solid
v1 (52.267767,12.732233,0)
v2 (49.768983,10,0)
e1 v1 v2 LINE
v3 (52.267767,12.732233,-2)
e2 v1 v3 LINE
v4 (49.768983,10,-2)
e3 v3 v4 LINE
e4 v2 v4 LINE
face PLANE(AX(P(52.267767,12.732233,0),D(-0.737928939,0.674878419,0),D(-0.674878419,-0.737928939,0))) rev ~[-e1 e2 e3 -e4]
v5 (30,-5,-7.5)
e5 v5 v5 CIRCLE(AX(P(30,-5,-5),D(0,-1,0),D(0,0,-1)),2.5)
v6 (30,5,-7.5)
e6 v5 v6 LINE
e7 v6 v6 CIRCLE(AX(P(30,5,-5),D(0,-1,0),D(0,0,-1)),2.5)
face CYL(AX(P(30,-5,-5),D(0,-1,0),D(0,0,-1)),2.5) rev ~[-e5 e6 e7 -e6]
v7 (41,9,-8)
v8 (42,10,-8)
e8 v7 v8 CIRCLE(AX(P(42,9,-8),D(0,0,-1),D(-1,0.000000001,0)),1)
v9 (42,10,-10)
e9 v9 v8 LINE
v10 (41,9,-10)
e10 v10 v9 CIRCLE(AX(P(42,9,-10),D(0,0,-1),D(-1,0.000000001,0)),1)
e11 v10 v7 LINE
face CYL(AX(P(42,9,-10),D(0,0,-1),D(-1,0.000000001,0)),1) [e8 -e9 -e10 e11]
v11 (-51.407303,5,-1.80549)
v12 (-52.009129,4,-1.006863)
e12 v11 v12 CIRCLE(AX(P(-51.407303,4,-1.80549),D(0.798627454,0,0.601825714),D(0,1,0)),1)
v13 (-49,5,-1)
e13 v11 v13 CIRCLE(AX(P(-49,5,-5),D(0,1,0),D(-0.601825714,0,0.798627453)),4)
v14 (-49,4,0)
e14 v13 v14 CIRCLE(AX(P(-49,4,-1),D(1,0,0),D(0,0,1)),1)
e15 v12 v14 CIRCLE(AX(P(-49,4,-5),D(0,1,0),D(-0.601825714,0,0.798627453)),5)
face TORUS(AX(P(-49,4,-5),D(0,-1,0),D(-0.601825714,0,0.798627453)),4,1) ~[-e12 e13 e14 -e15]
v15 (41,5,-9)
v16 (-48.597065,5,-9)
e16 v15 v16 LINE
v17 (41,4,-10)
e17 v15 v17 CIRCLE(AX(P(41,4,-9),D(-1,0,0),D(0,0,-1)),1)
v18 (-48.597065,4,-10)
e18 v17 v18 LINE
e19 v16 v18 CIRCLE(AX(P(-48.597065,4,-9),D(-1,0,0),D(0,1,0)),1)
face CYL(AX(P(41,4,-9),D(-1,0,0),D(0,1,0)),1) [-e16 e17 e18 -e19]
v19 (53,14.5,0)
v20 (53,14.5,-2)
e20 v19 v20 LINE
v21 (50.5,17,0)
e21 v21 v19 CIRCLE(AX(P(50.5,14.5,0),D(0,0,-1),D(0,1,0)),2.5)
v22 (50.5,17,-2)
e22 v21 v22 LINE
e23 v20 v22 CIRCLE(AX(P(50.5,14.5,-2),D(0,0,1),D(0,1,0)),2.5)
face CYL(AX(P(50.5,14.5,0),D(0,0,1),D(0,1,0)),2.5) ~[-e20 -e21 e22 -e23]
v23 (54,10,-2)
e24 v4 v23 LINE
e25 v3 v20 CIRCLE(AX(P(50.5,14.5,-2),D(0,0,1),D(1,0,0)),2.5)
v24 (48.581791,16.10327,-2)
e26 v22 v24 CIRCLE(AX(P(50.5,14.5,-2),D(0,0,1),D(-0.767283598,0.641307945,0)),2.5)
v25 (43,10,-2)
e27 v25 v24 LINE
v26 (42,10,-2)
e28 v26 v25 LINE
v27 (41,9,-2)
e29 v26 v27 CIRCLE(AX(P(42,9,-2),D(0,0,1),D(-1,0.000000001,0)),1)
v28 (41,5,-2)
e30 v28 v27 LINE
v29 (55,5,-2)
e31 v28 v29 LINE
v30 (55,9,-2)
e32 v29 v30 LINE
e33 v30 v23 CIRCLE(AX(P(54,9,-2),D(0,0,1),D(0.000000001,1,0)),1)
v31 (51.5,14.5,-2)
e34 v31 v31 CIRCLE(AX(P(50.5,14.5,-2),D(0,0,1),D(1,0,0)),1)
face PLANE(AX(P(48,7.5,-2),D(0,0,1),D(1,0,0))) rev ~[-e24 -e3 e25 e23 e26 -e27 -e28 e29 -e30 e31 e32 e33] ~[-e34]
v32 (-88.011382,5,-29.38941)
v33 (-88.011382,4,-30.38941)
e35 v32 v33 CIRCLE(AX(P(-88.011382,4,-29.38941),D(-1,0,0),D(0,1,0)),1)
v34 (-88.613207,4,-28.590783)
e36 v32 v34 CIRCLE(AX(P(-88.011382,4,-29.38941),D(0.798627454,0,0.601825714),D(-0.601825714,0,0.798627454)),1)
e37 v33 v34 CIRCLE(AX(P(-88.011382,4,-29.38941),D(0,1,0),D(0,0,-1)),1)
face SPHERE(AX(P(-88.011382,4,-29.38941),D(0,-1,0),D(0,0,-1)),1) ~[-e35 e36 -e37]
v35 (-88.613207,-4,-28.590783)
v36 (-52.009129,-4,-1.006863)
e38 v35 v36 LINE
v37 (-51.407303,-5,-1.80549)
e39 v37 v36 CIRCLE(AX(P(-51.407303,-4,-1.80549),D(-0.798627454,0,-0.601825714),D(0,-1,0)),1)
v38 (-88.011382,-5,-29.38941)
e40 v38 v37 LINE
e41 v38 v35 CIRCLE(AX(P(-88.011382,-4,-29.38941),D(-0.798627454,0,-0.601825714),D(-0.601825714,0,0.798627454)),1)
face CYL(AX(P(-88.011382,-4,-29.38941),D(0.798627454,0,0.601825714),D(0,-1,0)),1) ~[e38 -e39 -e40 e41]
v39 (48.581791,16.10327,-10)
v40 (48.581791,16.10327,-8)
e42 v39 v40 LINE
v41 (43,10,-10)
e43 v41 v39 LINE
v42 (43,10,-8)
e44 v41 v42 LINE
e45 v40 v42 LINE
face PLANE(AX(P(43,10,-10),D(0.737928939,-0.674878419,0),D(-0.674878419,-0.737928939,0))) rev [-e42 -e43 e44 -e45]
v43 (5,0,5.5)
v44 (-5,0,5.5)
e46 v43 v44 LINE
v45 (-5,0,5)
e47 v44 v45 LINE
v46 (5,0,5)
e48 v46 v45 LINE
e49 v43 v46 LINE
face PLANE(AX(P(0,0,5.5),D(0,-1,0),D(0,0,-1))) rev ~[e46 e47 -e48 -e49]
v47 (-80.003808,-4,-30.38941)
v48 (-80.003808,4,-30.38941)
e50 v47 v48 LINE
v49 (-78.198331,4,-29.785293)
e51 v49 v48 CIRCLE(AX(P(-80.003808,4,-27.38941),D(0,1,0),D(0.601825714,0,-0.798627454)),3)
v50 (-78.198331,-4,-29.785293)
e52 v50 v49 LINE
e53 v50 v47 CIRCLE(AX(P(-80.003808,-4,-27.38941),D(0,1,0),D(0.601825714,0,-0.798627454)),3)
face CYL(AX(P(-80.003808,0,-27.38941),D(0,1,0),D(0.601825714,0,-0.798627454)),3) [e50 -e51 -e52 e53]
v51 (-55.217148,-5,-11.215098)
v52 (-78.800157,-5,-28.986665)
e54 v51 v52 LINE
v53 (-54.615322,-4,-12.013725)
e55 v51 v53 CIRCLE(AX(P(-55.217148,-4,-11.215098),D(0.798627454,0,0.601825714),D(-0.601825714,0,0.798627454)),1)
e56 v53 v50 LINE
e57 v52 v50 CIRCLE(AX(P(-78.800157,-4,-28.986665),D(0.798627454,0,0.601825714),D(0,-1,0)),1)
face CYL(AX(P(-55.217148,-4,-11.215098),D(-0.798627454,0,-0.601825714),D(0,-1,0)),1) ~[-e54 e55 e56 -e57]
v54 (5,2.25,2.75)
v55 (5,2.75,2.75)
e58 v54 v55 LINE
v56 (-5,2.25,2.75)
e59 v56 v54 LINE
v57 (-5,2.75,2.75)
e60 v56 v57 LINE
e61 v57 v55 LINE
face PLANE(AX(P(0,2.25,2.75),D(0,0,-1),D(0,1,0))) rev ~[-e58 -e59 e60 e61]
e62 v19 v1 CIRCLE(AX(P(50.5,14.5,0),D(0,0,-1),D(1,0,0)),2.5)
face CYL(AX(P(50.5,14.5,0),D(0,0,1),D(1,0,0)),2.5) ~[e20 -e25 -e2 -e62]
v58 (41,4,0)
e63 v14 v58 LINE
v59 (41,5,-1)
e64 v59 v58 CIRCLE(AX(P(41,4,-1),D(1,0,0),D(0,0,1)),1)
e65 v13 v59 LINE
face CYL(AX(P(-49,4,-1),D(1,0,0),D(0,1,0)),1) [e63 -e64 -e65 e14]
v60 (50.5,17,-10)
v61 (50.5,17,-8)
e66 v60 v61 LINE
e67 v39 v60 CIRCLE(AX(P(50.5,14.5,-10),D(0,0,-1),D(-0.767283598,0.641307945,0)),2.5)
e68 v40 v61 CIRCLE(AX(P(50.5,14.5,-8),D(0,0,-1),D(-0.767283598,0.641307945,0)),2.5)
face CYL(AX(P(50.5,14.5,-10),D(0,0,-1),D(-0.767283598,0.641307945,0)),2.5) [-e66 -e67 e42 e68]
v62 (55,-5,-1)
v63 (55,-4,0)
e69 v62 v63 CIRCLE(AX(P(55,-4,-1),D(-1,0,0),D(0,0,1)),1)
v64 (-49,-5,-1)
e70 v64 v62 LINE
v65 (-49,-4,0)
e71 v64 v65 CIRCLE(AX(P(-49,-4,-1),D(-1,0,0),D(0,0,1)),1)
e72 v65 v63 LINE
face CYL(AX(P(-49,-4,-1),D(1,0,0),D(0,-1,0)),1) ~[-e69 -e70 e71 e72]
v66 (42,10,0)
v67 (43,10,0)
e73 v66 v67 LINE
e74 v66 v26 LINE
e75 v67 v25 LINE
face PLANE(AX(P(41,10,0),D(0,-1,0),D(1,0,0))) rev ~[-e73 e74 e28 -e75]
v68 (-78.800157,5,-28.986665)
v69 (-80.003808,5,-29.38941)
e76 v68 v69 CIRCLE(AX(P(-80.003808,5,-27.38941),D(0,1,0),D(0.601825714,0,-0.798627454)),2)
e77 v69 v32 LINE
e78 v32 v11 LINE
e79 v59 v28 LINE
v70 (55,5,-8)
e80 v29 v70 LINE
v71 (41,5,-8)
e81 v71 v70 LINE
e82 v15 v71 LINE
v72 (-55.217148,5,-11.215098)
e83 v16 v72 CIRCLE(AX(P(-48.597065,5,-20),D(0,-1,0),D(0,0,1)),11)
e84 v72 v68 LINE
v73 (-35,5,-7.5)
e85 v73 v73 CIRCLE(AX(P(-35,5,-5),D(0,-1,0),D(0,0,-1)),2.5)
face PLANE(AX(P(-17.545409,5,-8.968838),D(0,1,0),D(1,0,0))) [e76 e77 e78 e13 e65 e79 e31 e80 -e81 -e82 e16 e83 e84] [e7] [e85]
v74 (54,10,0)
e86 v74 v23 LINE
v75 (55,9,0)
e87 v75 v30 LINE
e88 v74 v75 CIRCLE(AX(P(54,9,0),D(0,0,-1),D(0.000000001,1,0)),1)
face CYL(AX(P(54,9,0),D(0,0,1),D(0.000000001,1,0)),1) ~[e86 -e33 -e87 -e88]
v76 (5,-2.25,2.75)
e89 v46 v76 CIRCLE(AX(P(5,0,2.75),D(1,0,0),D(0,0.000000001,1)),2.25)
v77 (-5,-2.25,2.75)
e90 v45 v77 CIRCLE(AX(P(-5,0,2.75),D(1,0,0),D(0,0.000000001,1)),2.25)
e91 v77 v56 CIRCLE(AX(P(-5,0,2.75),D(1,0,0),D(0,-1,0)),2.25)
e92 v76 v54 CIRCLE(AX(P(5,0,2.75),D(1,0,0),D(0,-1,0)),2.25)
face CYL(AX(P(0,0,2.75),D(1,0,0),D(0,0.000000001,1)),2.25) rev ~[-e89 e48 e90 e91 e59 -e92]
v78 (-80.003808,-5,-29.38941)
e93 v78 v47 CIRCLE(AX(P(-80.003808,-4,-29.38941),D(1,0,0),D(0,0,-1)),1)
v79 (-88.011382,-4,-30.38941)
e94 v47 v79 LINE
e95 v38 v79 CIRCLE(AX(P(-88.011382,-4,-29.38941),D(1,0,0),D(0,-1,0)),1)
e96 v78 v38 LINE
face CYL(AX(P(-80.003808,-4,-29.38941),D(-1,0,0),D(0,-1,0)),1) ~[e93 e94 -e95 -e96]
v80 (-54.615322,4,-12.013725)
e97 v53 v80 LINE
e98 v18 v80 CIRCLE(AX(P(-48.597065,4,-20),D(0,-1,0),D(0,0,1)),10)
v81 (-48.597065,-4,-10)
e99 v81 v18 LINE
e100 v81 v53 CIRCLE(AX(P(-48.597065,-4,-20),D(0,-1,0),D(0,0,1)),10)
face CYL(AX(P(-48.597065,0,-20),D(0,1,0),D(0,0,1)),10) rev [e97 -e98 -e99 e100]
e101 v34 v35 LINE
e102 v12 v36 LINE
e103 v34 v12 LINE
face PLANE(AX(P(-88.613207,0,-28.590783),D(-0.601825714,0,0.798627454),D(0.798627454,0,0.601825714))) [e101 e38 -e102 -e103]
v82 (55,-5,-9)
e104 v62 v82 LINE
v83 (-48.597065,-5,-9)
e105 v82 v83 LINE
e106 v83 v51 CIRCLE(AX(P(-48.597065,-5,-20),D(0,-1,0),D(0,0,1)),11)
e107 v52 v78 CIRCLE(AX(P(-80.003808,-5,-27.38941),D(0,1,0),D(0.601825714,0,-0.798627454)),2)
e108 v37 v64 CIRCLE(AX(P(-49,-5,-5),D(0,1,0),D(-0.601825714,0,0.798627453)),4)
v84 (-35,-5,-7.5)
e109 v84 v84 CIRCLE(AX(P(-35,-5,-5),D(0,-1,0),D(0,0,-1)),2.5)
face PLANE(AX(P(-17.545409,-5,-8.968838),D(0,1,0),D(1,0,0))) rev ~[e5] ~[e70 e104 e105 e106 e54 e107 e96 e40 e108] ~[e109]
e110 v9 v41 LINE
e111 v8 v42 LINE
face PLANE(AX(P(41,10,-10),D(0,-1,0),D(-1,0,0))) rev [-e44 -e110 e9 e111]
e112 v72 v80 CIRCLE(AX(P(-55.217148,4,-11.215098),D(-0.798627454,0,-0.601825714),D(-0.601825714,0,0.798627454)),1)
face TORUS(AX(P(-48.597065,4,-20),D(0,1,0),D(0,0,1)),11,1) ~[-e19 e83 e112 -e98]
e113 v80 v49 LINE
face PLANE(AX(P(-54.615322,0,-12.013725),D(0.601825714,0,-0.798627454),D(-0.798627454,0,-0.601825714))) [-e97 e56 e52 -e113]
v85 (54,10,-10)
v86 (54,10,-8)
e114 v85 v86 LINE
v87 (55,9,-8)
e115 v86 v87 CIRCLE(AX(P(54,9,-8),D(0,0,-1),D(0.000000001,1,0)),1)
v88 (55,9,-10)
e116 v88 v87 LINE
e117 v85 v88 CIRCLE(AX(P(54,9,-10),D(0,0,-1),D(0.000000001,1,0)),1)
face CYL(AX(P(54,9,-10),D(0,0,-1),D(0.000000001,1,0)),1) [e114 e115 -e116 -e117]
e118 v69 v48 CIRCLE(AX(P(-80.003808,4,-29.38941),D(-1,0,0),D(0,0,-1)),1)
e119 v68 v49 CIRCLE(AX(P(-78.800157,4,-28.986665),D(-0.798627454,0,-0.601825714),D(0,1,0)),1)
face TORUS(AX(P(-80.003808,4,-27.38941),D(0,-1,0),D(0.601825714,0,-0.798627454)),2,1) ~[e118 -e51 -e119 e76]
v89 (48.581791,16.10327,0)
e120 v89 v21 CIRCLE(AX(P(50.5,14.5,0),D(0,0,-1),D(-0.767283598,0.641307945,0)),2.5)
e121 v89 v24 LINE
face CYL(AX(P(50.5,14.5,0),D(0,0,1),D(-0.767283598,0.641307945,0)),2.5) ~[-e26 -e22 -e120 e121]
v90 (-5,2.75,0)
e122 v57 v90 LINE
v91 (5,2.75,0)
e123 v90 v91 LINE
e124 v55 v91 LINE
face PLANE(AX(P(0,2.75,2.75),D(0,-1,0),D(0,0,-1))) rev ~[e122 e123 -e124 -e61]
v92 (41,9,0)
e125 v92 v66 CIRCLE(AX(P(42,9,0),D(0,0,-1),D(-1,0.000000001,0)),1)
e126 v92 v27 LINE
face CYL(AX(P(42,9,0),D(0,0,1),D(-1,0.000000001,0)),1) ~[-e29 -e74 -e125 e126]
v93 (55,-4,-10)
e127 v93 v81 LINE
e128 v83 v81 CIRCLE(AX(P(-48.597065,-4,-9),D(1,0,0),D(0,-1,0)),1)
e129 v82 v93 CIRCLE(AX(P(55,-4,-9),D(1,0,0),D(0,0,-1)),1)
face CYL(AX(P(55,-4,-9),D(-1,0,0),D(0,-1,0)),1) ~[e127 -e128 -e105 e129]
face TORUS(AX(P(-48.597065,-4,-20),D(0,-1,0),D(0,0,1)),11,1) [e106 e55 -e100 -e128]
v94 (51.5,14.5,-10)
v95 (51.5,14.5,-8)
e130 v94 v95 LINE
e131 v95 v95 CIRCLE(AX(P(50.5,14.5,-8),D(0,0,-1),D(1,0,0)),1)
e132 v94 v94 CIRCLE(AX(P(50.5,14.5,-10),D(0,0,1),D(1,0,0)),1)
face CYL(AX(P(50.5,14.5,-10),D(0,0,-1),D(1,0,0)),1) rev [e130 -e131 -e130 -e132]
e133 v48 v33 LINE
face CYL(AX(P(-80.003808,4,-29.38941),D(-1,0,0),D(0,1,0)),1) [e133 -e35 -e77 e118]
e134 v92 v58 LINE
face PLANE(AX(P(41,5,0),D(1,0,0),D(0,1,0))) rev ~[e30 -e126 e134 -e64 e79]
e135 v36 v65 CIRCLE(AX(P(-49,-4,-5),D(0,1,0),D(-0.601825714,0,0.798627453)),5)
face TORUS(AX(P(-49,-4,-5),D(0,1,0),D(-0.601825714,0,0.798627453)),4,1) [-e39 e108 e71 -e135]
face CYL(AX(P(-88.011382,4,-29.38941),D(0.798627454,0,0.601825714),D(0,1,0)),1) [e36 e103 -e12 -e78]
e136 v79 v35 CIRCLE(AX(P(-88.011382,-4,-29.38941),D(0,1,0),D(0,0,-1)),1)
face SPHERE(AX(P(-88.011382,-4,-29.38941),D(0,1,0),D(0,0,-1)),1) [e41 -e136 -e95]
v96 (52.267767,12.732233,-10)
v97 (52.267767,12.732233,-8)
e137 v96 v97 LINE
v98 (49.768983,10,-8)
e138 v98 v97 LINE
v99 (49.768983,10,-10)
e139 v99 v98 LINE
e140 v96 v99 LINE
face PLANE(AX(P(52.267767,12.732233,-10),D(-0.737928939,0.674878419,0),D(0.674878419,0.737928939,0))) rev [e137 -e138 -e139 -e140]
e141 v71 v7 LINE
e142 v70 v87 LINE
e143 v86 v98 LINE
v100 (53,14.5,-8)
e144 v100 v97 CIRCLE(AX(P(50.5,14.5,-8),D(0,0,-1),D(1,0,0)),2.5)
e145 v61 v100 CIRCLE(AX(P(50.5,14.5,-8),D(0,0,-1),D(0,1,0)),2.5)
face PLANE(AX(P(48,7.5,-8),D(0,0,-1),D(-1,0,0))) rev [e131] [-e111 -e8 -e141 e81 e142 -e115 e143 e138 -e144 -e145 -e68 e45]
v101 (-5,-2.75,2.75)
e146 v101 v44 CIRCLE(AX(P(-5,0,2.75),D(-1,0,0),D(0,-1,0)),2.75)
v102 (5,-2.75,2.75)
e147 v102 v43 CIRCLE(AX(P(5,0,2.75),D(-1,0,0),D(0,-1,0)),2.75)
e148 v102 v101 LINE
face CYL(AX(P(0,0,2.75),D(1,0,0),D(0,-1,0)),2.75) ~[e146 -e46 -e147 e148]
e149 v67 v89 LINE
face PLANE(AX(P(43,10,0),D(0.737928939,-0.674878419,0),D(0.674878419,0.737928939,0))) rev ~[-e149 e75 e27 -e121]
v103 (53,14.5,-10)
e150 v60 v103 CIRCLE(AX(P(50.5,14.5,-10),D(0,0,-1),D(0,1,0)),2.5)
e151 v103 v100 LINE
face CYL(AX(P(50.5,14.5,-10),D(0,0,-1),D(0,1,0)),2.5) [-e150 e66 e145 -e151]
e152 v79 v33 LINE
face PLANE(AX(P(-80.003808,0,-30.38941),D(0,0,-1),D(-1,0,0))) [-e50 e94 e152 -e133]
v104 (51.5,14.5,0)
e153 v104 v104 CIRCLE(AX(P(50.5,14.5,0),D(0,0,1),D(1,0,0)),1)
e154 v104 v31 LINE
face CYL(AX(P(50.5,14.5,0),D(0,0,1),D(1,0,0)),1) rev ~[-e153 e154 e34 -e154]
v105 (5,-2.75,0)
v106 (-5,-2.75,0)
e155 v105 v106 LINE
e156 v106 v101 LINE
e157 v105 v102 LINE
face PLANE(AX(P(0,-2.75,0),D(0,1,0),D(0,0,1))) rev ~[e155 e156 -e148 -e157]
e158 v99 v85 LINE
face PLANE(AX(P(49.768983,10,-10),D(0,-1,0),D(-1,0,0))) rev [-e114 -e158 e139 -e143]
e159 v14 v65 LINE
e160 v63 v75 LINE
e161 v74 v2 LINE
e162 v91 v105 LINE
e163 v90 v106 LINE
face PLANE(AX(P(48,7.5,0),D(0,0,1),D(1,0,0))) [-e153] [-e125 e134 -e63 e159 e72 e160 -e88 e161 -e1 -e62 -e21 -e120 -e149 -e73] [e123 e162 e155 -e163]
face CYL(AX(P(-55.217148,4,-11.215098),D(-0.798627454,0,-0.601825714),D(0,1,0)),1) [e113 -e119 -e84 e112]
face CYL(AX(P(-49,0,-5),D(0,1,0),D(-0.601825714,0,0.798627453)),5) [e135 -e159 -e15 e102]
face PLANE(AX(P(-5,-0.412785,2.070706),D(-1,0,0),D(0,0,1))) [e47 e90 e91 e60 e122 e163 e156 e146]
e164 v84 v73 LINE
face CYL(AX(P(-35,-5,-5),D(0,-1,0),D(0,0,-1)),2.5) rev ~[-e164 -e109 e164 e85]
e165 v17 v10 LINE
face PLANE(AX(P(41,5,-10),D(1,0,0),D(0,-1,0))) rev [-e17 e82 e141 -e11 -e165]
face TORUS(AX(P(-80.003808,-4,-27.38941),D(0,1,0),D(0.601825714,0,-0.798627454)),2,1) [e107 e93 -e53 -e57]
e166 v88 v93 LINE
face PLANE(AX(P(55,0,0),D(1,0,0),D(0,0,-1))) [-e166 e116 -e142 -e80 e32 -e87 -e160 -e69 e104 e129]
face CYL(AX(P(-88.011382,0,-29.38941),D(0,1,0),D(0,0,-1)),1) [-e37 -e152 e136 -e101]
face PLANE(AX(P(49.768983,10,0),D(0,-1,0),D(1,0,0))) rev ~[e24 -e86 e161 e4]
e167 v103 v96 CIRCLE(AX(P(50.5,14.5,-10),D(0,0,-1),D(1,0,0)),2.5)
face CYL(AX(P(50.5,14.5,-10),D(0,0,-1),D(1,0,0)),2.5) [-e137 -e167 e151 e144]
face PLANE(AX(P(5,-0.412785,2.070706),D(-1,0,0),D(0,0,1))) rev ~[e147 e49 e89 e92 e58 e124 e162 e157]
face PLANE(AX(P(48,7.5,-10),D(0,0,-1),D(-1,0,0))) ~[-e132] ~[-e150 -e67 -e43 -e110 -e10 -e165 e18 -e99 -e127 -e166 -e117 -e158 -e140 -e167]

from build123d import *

# Parameters (mm, degrees)
BOSS_EXTRUDE2_DEPTH = 5
SKETCH3_W           = 14
SKETCH3_H           = 5
SKETCH3_W_2         = 10
SKETCH3_H_2         = 7
BOSS_EXTRUDE3_DEPTH = 2
SKETCH4_R           = 1
CUT_EXTRUDE1_DEPTH  = 96.580030811
FILLET1_R           = 1
FILLET2_R           = 1
SKETCH5_R           = 2.5
CUT_EXTRUDE2_DEPTH  = 97.594732206
BOSS_EXTRUDE4_DEPTH = 5


with BuildPart() as part:
    # Sketch1 → Boss-Extrude2 (new, symmetric)
    with BuildSketch(Plane(origin=(0, 0, 0), x_dir=(1, 0, 0), z_dir=(0, 1, 0))):
        with BuildLine():
            Line((-49, 0), (49, 0))
            Line((49, 0), (55, 0))
            Line((55, 0), (55, 10))
            Line((55, 10), (49, 10))
            Line((49, 10), (-48.597064799, 10))
            ThreePointArc((-48.597064799, 10), (-51.770174838, 10.516784686), (-54.615321941, 12.013725463))
            Line((-54.615321941, 12.013725463), (-78.198331144, 29.785292532))
            ThreePointArc((-78.198331144, 29.785292532), (-79.051875275, 30.234374765), (-80.003808287, 30.389410171))
            Line((-80.003808287, 30.389410171), (-88.011381516, 30.389410171))
            ThreePointArc((-88.011381516, 30.389410171), (-88.959703047, 29.706721175), (-88.61320723, 28.590782717))
            Line((-88.61320723, 28.590782717), (-52.009128571, 1.006862732))
            ThreePointArc((-52.009128571, 1.006862732), (-50.586555019, 0.258392343), (-49, 0))
        make_face()
    extrude(amount=BOSS_EXTRUDE2_DEPTH, both=True)

    # Sketch3 → Boss-Extrude3 (add)
    with BuildSketch(Plane.XY):
        with Locations((48, 7.5)):
            Rectangle(SKETCH3_W, SKETCH3_H)
        with Locations((48, 13.5)):
            Rectangle(SKETCH3_W_2, SKETCH3_H_2)
    boss_extrude3 = extrude(amount=-BOSS_EXTRUDE3_DEPTH)

    # Sketch4 → Cut-Extrude1 (cut, through all)
    with BuildSketch(Plane.XY):
        with BuildLine():
            ThreePointArc((41, 9), (41.292893219, 9.707106781), (42, 10))
            Line((42, 10), (41, 10))
            Line((41, 10), (41, 9))
        make_face()
        with BuildLine():
            Line((43, 17), (43, 10))
            Line((43, 10), (48.581791004, 16.103269862))
            ThreePointArc((48.581791004, 16.103269862), (49.441268366, 16.764748844), (50.5, 17))
            Line((50.5, 17), (43, 17))
        make_face()
        with BuildLine():
            Line((52.267766953, 12.732233047), (49.768982827, 10))
            Line((49.768982827, 10), (53, 10))
            Line((53, 10), (53, 14.5))
            ThreePointArc((53, 14.5), (52.809698831, 13.543291419), (52.267766953, 12.732233047))
        make_face()
        with BuildLine():
            Line((53, 17), (50.5, 17))
            ThreePointArc((50.5, 17), (52.267766953, 16.267766953), (53, 14.5))
            Line((53, 14.5), (53, 17))
        make_face()
        with BuildLine():
            Line((55, 10), (54, 10))
            ThreePointArc((54, 10), (54.707106781, 9.707106781), (55, 9))
            Line((55, 9), (55, 10))
        make_face()
        with Locations((50.5, 14.5)):
            Circle(SKETCH4_R)
    cut_extrude1 = extrude(amount=-CUT_EXTRUDE1_DEPTH, mode=Mode.SUBTRACT)

    # Mirror1: Boss-Extrude3, Cut-Extrude1 across plane
    add(boss_extrude3.mirror(Plane.XY.offset(-5)))
    add(cut_extrude1.mirror(Plane.XY.offset(-5)), mode=Mode.SUBTRACT)

    # Fillet1
    fillet1_edges = [part.edges().sort_by_distance(p)[0] for p in [
        (3, -5, 0),
        (-50.586555019, -5, -0.258392343),
        (-70.3111679, -5, -14.798822724),
        (-88.959703047, -5, -29.706721175),
        (-84.007594901, -5, -30.389410171),
        (-79.051875275, -5, -30.234374765),
        (-66.406826543, -5, -20.899508998),
        (-51.770174838, -5, -10.516784686),
        (3.2014676, -5, -10),
    ]]
    fillet(fillet1_edges, radius=FILLET1_R)

    # Fillet2
    fillet2_edges = [part.edges().sort_by_distance(p)[0] for p in [
        (-3.7985324, 5, -10),
        (-51.770174838, 5, -10.516784686),
        (-66.406826543, 5, -20.899508998),
        (-79.051875275, 5, -30.234374765),
        (-84.007594901, 5, -30.389410171),
        (-88.959703047, 5, -29.706721175),
        (-70.3111679, 5, -14.798822724),
        (-50.586555019, 5, -0.258392343),
        (-4, 5, 0),
    ]]
    fillet(fillet2_edges, radius=FILLET2_R)

    # Sketch5 → Cut-Extrude2 (cut, through all)
    with BuildSketch(Plane.XZ.offset(5)):
        with Locations(Location((-35, -5, 0), (0, 0, 270))):
            Circle(SKETCH5_R)
        with Locations(Location((30, -5, 0), (0, 0, 270))):
            Circle(SKETCH5_R)
    extrude(amount=-CUT_EXTRUDE2_DEPTH, mode=Mode.SUBTRACT)

    # Sketch8 → Boss-Extrude4 (add, symmetric)
    with BuildSketch(Plane(origin=(0, 0, 0), x_dir=(0, 0, -1), z_dir=(1, 0, 0))):
        with BuildLine():
            Line((0, 2.75), (0, -2.75))
            Line((0, -2.75), (-2.75, -2.75))
            ThreePointArc((-2.75, -2.75), (-4.694543648, -1.944543648), (-5.5, 0))
            Line((-5.5, 0), (-5, 0))
            ThreePointArc((-5, 0), (-4.340990258, -1.590990258), (-2.75, -2.25))
            ThreePointArc((-2.75, -2.25), (-0.5, 0), (-2.75, 2.25))
            Line((-2.75, 2.25), (-2.75, 2.75))
            Line((-2.75, 2.75), (0, 2.75))
        make_face()
    extrude(amount=BOSS_EXTRUDE4_DEPTH, both=True)


solid = part.part
